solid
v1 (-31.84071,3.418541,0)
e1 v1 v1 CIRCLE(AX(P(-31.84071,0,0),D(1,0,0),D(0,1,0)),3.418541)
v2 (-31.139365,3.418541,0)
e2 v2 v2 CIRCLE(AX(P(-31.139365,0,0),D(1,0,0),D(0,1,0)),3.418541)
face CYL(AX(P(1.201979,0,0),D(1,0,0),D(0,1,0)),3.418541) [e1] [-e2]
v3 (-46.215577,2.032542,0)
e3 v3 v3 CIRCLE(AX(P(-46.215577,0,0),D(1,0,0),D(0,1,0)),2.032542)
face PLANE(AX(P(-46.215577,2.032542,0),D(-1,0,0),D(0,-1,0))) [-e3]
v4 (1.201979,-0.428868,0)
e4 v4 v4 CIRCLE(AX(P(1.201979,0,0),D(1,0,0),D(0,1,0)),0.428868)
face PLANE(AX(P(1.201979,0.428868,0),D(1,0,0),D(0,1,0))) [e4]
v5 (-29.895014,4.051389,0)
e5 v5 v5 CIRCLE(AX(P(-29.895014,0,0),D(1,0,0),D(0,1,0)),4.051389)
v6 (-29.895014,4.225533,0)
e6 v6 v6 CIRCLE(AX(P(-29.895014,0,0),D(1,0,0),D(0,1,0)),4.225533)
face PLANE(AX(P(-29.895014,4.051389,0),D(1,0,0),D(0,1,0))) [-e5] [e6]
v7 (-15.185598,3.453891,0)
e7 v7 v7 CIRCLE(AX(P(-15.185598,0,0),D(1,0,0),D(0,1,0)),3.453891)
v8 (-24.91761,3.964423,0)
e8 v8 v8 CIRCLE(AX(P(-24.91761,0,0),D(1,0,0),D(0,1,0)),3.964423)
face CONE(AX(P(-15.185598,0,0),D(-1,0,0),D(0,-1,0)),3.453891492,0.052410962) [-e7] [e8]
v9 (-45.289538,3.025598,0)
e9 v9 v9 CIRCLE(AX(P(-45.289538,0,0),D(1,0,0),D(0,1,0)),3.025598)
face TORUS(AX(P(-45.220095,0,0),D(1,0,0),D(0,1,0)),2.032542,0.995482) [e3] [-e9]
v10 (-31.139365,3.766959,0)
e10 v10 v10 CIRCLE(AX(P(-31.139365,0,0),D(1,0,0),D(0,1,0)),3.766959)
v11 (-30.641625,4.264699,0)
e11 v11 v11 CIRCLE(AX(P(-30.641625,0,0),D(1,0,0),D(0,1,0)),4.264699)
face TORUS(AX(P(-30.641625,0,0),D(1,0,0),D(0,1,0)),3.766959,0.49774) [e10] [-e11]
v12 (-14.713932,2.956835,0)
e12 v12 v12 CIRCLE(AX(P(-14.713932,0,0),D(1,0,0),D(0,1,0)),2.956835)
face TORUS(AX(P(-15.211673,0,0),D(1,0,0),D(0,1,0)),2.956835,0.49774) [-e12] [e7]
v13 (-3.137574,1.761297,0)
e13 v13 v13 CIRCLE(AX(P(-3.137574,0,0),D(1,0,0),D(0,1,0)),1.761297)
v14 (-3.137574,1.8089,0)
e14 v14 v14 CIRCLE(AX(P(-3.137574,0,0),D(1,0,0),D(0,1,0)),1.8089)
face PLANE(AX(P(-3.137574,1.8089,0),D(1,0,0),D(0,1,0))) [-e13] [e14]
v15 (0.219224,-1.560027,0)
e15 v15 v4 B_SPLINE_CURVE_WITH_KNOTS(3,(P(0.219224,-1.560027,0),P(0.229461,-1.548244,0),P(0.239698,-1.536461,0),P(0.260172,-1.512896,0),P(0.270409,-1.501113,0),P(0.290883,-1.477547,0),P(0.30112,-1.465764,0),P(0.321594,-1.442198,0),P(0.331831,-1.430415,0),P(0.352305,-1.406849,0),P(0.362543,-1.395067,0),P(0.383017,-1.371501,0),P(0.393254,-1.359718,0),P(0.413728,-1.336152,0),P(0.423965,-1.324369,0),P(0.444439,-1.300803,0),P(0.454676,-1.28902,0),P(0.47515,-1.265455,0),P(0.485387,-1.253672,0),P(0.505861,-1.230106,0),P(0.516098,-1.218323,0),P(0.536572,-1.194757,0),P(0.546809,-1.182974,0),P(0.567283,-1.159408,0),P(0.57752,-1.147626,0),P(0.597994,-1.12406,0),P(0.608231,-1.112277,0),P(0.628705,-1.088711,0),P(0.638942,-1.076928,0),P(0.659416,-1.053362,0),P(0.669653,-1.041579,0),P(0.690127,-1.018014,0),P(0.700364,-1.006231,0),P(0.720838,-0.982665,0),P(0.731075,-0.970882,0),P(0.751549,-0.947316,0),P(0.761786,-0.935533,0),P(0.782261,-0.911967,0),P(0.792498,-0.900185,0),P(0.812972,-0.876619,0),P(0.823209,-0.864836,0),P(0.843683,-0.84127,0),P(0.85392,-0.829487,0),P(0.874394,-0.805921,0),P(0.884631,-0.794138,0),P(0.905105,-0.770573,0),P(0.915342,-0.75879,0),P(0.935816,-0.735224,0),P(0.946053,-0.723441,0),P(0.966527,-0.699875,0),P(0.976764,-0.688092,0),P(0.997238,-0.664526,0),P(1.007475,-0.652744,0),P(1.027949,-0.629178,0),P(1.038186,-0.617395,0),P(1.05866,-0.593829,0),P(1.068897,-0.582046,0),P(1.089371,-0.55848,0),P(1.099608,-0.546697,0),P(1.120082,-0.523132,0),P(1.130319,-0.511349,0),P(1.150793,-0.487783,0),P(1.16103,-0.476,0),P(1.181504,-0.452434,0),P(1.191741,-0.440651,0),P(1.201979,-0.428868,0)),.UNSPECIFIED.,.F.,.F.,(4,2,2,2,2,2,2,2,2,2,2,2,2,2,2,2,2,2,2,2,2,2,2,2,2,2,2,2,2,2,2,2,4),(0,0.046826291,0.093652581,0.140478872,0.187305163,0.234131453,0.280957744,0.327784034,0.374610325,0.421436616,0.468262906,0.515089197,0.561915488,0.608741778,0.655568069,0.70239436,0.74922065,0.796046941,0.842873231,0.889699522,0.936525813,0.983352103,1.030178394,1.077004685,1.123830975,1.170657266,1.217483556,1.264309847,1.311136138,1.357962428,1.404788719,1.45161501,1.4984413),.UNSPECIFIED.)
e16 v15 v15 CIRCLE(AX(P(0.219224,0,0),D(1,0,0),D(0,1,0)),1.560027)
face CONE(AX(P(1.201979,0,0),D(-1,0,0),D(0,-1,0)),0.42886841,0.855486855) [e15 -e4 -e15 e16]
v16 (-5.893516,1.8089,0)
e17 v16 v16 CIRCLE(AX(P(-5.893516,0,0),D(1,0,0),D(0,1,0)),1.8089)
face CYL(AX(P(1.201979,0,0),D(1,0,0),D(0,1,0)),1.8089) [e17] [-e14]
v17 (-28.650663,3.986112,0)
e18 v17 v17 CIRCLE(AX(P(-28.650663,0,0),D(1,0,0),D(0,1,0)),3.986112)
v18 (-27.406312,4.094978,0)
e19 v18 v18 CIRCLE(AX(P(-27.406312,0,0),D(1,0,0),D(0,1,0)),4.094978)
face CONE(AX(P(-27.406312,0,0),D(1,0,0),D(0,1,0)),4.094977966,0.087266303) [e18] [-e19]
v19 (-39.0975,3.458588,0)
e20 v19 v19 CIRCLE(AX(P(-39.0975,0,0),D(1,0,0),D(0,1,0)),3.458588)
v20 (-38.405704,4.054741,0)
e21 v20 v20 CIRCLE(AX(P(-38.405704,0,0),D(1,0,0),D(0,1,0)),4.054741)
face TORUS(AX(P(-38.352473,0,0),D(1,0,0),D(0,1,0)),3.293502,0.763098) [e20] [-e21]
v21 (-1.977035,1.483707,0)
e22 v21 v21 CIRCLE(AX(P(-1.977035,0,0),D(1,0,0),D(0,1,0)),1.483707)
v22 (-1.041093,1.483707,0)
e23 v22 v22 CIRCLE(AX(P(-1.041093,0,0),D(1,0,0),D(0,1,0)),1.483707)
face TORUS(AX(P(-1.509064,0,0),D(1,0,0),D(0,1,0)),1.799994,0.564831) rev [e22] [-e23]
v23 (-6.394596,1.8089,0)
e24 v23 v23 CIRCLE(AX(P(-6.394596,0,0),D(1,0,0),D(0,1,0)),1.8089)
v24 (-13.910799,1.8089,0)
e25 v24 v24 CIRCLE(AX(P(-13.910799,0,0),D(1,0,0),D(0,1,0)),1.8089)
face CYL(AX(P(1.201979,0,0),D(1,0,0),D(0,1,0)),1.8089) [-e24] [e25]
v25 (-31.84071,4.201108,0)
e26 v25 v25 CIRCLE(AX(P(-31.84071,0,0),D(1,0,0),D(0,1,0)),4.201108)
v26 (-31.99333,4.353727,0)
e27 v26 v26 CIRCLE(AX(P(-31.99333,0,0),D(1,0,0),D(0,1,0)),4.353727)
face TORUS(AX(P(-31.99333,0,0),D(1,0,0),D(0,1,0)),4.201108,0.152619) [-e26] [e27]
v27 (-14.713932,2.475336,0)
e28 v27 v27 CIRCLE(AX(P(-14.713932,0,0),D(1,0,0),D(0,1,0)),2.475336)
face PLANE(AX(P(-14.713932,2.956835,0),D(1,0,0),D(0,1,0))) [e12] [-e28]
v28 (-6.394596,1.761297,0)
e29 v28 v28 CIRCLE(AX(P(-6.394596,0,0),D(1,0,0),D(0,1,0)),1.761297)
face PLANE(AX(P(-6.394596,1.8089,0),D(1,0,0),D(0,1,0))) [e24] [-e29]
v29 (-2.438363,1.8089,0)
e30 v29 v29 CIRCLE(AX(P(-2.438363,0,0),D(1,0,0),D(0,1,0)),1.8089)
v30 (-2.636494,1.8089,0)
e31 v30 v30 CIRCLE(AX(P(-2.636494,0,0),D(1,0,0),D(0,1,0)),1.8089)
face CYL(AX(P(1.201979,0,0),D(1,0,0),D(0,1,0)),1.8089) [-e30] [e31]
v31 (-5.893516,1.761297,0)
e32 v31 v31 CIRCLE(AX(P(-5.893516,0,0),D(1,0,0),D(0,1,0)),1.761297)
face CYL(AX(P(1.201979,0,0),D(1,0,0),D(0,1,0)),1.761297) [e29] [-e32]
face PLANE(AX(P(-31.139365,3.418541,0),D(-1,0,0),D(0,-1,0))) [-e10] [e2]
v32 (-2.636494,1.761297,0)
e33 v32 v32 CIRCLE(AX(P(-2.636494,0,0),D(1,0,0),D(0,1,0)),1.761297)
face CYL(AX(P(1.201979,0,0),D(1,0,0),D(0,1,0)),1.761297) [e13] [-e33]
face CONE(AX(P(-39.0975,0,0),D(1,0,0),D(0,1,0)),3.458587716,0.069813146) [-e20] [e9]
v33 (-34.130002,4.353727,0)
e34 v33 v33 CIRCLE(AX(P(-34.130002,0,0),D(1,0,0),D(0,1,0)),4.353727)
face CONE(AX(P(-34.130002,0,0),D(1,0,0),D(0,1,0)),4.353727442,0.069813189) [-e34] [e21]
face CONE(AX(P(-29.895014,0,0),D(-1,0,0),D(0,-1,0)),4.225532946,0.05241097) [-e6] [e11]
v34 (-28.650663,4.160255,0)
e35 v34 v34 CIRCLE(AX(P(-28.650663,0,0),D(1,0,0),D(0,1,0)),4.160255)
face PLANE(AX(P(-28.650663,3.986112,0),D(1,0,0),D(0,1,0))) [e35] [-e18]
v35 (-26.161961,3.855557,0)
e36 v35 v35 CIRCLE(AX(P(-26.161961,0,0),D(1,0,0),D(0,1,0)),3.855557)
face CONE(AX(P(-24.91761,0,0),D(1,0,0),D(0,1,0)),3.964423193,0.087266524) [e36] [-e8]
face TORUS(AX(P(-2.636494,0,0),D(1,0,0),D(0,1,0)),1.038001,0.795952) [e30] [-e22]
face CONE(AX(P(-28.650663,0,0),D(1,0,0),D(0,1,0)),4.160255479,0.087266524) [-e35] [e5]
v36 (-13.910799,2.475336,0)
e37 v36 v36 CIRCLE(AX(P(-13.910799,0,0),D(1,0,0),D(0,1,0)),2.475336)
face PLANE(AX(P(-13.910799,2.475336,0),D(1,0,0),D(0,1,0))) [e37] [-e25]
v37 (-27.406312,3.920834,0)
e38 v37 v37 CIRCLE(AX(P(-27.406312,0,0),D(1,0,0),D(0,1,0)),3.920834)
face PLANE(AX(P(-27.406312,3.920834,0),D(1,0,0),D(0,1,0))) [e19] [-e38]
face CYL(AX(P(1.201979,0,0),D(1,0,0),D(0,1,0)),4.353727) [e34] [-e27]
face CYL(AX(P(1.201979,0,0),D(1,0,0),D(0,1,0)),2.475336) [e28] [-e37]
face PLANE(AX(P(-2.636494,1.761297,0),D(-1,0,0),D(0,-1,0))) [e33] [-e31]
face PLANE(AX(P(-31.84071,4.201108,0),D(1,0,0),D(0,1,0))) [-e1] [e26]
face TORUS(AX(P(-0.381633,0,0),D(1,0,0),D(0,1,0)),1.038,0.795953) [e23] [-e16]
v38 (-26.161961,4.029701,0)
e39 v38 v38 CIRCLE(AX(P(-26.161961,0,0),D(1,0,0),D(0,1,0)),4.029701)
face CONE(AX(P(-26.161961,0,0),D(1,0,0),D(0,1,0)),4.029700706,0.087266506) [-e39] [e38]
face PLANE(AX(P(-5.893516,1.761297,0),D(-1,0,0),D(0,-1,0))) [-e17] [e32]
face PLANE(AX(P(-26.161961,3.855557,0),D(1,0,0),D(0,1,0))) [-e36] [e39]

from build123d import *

# Parameters (mm, degrees)
SCALE1_SCALE = 0.5


with BuildPart() as part:
    # Sketch1 → Revolve1 (revolve)
    with BuildSketch(Plane.XY):
        with BuildLine():
            Line((0, 3.61779925), (15.032406451, 3.61779925))
            Line((15.032406451, 3.61779925), (15.032406667, 3.522593793))
            Line((15.032406667, 3.522593793), (16.03456712, 3.522593793))
            Line((16.03456712, 3.522593793), (16.03456712, 3.61779925))
            Line((16.03456712, 3.61779925), (21.546449611, 3.61779925))
            Line((21.546449611, 3.61779925), (21.546449611, 3.522593793))
            Line((21.546449611, 3.522593793), (22.548610065, 3.522593793))
            Line((22.548610065, 3.522593793), (22.548610065, 3.61779925))
            Line((22.548610065, 3.61779925), (22.944871766, 3.61779925))
            ThreePointArc((22.944871766, 3.61779925), (23.465785592, 3.377136862), (23.867528684, 2.9674149))
            ThreePointArc((23.867528684, 2.9674149), (24.803470756, 2.470325447), (25.739412926, 2.967414715))
            ThreePointArc((25.739412926, 2.967414715), (26.962108712, 3.664996602), (28.260046896, 3.120054456))
            Line((28.260046896, 3.120054456), (30.225555542, 0.857736821))
            Line((30.225555542, 0.857736821), (30.225555542, 0))
            Line((30.225555542, 0), (-64.609555363, 0))
            Line((-64.609555363, 0), (-64.609555363, 4.065084821))
            ThreePointArc((-64.609555363, 4.065084821), (-64.074690646, 5.422917), (-62.757476554, 6.051196814))
            Line((-62.757476554, 6.051196814), (-50.373401069, 6.917175432))
            ThreePointArc((-50.373401069, 6.917175432), (-49.879647769, 7.743143412), (-48.989810035, 8.109482088))
            Line((-48.989810035, 8.109482088), (-40.438405382, 8.707454885))
            Line((-40.438405382, 8.707454885), (-36.165060835, 8.707454885))
            ThreePointArc((-36.165060835, 8.707454885), (-35.949224247, 8.618052326), (-35.859822048, 8.402215589))
            Line((-35.859822048, 8.402215589), (-35.859822048, 6.837081154))
            Line((-35.859822048, 6.837081154), (-34.45713168, 6.837081154))
            Line((-34.45713168, 6.837081154), (-34.45713168, 7.533917861))
            ThreePointArc((-34.45713168, 7.533917861), (-34.165562064, 8.237829182), (-33.461650742, 8.529398798))
            Line((-33.461650742, 8.529398798), (-31.96842959, 8.451065892))
            Line((-31.96842959, 8.451065892), (-31.96842959, 8.10277763))
            Line((-31.96842959, 8.10277763), (-29.47972801, 8.320510958))
            Line((-29.47972801, 8.320510958), (-29.47972801, 7.972223112))
            Line((-29.47972801, 7.972223112), (-26.99102592, 8.189955931))
            Line((-26.99102592, 8.189955931), (-26.99102592, 7.841668085))
            Line((-26.99102592, 7.841668085), (-24.50232383, 8.059401413))
            Line((-24.50232383, 8.059401413), (-24.50232383, 7.711113058))
            Line((-24.50232383, 7.711113058), (-22.01362225, 7.928846386))
            Line((-22.01362225, 7.928846386), (-2.5495968, 6.907782984))
            ThreePointArc((-2.5495968, 6.907782984), (-1.879633367, 6.59889477), (-1.606266336, 5.913669701))
            Line((-1.606266336, 5.913669701), (-1.606266336, 4.95067259))
            Line((-1.606266336, 4.95067259), (0, 4.95067259))
            Line((0, 4.95067259), (0, 3.61779925))
        make_face()
    revolve(axis=Axis((30.225555542, 0, 0), (1, 0, 0)))


with BuildPart() as part_1:
    # Scale1: scaled about (-27.821598446, 0, 0)
    add(part.part.scale(SCALE1_SCALE).moved(Location((-13.910799223, 0, 0))))


solid = part_1.part
